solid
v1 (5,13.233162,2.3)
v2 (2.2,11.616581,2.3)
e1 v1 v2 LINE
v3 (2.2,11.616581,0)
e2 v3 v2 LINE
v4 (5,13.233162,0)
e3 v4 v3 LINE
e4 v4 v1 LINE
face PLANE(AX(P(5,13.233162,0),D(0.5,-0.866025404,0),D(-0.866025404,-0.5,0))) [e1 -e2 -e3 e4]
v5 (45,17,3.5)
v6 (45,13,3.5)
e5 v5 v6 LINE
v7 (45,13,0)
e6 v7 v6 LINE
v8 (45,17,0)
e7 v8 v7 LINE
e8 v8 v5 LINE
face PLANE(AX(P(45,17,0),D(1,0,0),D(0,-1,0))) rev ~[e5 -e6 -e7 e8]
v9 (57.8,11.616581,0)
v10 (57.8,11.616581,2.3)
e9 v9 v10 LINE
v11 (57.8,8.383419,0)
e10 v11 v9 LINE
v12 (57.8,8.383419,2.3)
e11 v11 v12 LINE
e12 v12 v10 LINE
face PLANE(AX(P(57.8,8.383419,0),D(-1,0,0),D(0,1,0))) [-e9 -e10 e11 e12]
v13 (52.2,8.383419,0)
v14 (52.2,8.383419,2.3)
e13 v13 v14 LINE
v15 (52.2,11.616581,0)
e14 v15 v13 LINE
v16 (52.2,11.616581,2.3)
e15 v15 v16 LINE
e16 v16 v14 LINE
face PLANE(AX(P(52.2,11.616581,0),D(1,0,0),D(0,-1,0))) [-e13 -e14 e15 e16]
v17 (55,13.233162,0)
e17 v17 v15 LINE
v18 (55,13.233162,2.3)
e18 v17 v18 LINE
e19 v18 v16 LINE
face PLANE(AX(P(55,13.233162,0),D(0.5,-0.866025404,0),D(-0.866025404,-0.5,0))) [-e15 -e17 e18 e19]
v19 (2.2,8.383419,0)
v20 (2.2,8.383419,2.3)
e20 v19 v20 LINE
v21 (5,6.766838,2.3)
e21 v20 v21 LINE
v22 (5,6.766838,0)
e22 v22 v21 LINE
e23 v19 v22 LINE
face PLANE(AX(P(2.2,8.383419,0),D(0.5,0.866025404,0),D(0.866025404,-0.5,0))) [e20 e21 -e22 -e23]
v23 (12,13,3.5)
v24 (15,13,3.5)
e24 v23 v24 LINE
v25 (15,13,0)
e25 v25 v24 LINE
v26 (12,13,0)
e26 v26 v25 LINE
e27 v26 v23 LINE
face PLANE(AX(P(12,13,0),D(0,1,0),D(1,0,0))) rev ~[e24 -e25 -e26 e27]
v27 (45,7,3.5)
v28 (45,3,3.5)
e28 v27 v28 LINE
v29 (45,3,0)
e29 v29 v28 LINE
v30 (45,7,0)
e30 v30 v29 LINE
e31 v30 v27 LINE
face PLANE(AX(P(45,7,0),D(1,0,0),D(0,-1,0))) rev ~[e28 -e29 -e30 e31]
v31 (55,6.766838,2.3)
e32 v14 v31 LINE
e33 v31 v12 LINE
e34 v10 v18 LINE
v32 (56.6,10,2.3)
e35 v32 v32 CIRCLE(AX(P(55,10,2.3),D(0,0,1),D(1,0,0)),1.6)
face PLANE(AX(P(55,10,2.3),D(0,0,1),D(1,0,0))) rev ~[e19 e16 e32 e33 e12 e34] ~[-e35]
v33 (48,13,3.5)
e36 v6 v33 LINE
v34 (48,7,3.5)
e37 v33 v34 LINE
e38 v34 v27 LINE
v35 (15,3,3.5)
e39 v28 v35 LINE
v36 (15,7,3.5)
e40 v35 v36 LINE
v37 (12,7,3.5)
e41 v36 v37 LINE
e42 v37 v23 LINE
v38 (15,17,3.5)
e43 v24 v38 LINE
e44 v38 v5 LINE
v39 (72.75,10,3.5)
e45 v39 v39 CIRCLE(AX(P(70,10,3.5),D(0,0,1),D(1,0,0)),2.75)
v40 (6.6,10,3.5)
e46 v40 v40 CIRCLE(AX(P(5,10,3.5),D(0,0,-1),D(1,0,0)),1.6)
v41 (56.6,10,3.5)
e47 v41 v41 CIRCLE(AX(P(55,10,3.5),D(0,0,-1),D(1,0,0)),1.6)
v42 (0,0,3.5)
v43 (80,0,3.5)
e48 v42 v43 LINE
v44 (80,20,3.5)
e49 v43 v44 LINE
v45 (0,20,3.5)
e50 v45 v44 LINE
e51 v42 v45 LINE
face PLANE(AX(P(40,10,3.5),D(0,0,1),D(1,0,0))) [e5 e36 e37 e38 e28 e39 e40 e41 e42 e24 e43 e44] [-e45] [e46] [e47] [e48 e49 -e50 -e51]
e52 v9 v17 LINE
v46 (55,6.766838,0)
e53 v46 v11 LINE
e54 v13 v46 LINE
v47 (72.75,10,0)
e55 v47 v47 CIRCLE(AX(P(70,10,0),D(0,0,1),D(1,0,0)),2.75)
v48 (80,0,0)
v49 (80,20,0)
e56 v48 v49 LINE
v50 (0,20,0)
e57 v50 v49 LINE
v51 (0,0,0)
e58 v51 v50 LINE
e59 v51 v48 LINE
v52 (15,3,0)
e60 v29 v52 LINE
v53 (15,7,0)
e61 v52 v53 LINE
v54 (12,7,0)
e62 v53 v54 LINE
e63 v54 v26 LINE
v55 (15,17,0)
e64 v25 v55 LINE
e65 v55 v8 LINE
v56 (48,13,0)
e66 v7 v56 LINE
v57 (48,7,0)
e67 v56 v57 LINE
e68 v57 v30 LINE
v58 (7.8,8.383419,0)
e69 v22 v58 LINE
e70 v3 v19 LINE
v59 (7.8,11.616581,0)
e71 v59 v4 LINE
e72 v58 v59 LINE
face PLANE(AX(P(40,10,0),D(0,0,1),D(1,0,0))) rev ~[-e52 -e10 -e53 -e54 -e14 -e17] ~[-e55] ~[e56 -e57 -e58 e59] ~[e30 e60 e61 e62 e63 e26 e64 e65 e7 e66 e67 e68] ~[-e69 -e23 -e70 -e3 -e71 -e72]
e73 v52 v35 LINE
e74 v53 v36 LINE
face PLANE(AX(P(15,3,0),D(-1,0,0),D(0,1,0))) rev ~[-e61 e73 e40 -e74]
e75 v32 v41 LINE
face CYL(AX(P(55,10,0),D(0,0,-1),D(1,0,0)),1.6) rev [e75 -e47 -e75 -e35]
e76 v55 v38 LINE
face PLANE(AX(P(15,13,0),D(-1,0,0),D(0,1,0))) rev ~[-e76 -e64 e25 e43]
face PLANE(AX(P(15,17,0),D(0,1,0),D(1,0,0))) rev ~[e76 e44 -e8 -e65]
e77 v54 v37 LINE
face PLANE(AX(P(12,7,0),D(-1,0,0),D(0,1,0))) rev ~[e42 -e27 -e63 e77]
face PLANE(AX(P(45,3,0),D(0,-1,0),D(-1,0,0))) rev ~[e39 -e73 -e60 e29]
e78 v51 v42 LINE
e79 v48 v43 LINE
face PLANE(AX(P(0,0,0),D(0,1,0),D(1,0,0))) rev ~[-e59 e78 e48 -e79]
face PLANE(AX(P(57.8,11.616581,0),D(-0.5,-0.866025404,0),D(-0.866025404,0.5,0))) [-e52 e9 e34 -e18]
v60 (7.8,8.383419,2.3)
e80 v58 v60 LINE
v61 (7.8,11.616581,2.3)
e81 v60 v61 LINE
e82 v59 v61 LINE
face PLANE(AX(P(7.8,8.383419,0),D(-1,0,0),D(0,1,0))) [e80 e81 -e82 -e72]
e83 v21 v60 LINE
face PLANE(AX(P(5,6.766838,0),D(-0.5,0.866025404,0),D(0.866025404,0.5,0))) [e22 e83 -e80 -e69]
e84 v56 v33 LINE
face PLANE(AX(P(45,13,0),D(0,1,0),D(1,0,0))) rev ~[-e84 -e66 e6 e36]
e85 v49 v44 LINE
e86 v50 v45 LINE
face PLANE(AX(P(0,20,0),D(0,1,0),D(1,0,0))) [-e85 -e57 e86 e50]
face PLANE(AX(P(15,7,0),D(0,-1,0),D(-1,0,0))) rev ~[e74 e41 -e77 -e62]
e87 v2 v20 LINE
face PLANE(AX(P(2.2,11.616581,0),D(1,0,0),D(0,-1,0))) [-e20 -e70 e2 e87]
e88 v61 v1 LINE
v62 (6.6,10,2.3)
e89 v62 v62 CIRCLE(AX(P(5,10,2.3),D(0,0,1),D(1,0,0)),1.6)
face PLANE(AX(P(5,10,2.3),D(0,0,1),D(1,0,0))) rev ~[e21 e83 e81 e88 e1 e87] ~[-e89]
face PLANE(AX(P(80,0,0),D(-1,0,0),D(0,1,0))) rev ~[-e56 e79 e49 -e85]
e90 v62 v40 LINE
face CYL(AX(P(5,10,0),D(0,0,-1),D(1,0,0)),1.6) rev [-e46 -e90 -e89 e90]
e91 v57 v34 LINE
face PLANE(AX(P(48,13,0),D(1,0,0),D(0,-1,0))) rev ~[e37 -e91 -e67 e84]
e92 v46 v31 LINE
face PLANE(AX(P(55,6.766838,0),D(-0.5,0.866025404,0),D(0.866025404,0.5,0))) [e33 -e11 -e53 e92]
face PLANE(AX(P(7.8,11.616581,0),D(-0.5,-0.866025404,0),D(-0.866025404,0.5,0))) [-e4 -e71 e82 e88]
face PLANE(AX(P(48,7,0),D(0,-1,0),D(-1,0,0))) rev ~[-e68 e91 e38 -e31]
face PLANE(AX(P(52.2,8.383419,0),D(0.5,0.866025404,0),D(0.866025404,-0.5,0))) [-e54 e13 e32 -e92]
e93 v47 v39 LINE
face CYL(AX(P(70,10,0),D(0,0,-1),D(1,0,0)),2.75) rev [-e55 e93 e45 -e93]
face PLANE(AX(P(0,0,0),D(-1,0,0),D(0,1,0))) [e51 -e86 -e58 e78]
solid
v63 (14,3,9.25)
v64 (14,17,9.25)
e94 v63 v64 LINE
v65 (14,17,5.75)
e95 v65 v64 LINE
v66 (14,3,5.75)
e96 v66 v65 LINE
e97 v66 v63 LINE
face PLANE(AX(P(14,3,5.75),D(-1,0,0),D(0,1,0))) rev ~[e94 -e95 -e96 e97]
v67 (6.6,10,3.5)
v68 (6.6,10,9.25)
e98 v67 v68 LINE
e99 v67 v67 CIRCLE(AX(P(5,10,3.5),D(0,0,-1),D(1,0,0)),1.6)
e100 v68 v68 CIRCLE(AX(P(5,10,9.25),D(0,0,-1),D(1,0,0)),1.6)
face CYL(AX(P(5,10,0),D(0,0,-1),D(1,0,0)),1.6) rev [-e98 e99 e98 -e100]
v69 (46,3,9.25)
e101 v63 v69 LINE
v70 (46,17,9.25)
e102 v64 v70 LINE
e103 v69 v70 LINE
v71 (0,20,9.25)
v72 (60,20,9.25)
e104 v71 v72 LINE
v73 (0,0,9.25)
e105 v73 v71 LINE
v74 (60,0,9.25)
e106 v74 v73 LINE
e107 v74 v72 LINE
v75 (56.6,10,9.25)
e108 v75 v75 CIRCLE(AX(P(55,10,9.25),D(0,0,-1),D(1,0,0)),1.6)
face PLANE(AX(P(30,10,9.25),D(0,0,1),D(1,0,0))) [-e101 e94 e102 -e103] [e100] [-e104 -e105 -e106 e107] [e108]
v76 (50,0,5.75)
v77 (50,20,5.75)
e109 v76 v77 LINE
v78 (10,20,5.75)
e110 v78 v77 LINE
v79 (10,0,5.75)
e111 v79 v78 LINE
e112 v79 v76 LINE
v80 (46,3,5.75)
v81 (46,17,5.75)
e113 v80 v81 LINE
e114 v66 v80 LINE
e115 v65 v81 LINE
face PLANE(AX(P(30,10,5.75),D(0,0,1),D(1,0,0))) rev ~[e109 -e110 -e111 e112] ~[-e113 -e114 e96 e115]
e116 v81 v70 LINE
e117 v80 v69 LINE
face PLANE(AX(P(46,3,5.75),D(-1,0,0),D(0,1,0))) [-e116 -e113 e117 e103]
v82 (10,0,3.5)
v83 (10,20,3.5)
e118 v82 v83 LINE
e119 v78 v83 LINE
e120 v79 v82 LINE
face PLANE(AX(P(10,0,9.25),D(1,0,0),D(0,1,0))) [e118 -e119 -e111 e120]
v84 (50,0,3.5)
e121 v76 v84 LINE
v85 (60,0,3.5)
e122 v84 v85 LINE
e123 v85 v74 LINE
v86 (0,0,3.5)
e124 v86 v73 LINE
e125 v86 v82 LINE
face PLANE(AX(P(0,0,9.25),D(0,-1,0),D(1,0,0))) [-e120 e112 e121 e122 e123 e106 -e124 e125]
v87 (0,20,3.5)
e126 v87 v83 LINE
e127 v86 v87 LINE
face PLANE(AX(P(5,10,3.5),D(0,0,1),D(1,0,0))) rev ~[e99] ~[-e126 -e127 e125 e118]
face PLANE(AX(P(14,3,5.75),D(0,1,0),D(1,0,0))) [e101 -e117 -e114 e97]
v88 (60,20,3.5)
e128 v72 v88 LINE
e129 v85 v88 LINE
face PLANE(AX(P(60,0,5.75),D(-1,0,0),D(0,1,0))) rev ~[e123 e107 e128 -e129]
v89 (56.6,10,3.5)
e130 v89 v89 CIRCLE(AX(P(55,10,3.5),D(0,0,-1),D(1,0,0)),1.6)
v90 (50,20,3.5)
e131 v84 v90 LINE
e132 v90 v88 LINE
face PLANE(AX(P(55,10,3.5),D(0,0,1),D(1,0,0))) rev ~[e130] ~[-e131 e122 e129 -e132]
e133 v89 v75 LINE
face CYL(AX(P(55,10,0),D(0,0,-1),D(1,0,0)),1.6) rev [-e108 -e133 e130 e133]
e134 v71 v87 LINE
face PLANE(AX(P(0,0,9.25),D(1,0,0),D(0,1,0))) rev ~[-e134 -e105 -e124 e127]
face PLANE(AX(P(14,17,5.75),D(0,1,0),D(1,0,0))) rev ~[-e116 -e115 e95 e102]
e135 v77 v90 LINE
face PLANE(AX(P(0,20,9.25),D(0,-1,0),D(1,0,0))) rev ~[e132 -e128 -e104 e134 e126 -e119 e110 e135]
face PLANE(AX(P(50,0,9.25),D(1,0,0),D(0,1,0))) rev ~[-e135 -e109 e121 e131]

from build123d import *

# Parameters (mm, degrees)
F0_W     = 80
F0_H     = 20
F0_R     = 2.75
F1_DEPTH = 3.5
F3_W     = 60
F3_H     = 20
F3_W_2   = 32
F3_H_2   = 14
F4_DEPTH = 3.5
F5_W     = 10
F5_H     = 20
F6_DEPTH = 5.75
F7_R     = 1.6
F8_DEPTH = 9.251
F9_DEPTH = 2.3


with BuildPart() as f1:
    # F0 (on Top) → F1 (new body)
    with BuildSketch(Plane.XY):
        with Locations((40, 10)):
            Rectangle(F0_W, F0_H)
        Polygon((15, 13), (15, 17), (45, 17), (45, 13), (48, 13), (48, 7), (45, 7), (45, 3), (15, 3), (15, 7), (12, 7), (12, 13), align=None, mode=Mode.SUBTRACT)
        with Locations((70, 10)):
            Circle(F0_R, mode=Mode.SUBTRACT)
    extrude(amount=F1_DEPTH)


with BuildPart() as f4:
    # F3 (on offset) → F4 (new body)
    with BuildSketch(Plane.XY.offset(5.75)):
        with Locations((30, 10)):
            Rectangle(F3_W, F3_H)
        with Locations((30, 10)):
            Rectangle(F3_W_2, F3_H_2, mode=Mode.SUBTRACT)
    extrude(amount=F4_DEPTH)

    # F5 (on face) → F6 (join, through all)
    with BuildSketch(Plane.XY.offset(9.25)):
        with Locations((5, 10)):
            Rectangle(F5_W, F5_H)
        with Locations((55, 10)):
            Rectangle(F5_W, F5_H)
    extrude(amount=-F6_DEPTH)


with BuildPart() as f8_tool:
    # F7 (on face) → F8 (new body, through all)
    with BuildSketch(Plane.XY):
        with Locations((5, 10)):
            Circle(F7_R)
        with Locations((55, 10)):
            Circle(F7_R)
    extrude(amount=F8_DEPTH)


with BuildPart() as f1_1:
    add(f1.part)

    # F8: cut by f8_tool
    add(f8_tool.part, mode=Mode.SUBTRACT)

    # F7 (on face) → F9 (cut)
    with BuildSketch(Plane.XY):
        Polygon((2.2, 11.6165807537), (2.2, 8.3834192463), (5, 6.7668384925), (7.8, 8.3834192463), (7.8, 11.6165807537), (5, 13.2331615075), align=None)
        with Locations((5, 10)):
            Circle(F7_R, mode=Mode.SUBTRACT)
        Polygon((55, 6.7668384925), (57.8, 8.3834192463), (57.8, 11.6165807537), (55, 13.2331615075), (52.2, 11.6165807537), (52.2, 8.3834192463), align=None)
        with Locations((55, 10)):
            Circle(F7_R, mode=Mode.SUBTRACT)
    extrude(amount=F9_DEPTH, mode=Mode.SUBTRACT)


with BuildPart() as f4_1:
    add(f4.part)

    # F8: cut by f8_tool
    add(f8_tool.part, mode=Mode.SUBTRACT)


solid = Compound([f1_1.part, f4_1.part])
